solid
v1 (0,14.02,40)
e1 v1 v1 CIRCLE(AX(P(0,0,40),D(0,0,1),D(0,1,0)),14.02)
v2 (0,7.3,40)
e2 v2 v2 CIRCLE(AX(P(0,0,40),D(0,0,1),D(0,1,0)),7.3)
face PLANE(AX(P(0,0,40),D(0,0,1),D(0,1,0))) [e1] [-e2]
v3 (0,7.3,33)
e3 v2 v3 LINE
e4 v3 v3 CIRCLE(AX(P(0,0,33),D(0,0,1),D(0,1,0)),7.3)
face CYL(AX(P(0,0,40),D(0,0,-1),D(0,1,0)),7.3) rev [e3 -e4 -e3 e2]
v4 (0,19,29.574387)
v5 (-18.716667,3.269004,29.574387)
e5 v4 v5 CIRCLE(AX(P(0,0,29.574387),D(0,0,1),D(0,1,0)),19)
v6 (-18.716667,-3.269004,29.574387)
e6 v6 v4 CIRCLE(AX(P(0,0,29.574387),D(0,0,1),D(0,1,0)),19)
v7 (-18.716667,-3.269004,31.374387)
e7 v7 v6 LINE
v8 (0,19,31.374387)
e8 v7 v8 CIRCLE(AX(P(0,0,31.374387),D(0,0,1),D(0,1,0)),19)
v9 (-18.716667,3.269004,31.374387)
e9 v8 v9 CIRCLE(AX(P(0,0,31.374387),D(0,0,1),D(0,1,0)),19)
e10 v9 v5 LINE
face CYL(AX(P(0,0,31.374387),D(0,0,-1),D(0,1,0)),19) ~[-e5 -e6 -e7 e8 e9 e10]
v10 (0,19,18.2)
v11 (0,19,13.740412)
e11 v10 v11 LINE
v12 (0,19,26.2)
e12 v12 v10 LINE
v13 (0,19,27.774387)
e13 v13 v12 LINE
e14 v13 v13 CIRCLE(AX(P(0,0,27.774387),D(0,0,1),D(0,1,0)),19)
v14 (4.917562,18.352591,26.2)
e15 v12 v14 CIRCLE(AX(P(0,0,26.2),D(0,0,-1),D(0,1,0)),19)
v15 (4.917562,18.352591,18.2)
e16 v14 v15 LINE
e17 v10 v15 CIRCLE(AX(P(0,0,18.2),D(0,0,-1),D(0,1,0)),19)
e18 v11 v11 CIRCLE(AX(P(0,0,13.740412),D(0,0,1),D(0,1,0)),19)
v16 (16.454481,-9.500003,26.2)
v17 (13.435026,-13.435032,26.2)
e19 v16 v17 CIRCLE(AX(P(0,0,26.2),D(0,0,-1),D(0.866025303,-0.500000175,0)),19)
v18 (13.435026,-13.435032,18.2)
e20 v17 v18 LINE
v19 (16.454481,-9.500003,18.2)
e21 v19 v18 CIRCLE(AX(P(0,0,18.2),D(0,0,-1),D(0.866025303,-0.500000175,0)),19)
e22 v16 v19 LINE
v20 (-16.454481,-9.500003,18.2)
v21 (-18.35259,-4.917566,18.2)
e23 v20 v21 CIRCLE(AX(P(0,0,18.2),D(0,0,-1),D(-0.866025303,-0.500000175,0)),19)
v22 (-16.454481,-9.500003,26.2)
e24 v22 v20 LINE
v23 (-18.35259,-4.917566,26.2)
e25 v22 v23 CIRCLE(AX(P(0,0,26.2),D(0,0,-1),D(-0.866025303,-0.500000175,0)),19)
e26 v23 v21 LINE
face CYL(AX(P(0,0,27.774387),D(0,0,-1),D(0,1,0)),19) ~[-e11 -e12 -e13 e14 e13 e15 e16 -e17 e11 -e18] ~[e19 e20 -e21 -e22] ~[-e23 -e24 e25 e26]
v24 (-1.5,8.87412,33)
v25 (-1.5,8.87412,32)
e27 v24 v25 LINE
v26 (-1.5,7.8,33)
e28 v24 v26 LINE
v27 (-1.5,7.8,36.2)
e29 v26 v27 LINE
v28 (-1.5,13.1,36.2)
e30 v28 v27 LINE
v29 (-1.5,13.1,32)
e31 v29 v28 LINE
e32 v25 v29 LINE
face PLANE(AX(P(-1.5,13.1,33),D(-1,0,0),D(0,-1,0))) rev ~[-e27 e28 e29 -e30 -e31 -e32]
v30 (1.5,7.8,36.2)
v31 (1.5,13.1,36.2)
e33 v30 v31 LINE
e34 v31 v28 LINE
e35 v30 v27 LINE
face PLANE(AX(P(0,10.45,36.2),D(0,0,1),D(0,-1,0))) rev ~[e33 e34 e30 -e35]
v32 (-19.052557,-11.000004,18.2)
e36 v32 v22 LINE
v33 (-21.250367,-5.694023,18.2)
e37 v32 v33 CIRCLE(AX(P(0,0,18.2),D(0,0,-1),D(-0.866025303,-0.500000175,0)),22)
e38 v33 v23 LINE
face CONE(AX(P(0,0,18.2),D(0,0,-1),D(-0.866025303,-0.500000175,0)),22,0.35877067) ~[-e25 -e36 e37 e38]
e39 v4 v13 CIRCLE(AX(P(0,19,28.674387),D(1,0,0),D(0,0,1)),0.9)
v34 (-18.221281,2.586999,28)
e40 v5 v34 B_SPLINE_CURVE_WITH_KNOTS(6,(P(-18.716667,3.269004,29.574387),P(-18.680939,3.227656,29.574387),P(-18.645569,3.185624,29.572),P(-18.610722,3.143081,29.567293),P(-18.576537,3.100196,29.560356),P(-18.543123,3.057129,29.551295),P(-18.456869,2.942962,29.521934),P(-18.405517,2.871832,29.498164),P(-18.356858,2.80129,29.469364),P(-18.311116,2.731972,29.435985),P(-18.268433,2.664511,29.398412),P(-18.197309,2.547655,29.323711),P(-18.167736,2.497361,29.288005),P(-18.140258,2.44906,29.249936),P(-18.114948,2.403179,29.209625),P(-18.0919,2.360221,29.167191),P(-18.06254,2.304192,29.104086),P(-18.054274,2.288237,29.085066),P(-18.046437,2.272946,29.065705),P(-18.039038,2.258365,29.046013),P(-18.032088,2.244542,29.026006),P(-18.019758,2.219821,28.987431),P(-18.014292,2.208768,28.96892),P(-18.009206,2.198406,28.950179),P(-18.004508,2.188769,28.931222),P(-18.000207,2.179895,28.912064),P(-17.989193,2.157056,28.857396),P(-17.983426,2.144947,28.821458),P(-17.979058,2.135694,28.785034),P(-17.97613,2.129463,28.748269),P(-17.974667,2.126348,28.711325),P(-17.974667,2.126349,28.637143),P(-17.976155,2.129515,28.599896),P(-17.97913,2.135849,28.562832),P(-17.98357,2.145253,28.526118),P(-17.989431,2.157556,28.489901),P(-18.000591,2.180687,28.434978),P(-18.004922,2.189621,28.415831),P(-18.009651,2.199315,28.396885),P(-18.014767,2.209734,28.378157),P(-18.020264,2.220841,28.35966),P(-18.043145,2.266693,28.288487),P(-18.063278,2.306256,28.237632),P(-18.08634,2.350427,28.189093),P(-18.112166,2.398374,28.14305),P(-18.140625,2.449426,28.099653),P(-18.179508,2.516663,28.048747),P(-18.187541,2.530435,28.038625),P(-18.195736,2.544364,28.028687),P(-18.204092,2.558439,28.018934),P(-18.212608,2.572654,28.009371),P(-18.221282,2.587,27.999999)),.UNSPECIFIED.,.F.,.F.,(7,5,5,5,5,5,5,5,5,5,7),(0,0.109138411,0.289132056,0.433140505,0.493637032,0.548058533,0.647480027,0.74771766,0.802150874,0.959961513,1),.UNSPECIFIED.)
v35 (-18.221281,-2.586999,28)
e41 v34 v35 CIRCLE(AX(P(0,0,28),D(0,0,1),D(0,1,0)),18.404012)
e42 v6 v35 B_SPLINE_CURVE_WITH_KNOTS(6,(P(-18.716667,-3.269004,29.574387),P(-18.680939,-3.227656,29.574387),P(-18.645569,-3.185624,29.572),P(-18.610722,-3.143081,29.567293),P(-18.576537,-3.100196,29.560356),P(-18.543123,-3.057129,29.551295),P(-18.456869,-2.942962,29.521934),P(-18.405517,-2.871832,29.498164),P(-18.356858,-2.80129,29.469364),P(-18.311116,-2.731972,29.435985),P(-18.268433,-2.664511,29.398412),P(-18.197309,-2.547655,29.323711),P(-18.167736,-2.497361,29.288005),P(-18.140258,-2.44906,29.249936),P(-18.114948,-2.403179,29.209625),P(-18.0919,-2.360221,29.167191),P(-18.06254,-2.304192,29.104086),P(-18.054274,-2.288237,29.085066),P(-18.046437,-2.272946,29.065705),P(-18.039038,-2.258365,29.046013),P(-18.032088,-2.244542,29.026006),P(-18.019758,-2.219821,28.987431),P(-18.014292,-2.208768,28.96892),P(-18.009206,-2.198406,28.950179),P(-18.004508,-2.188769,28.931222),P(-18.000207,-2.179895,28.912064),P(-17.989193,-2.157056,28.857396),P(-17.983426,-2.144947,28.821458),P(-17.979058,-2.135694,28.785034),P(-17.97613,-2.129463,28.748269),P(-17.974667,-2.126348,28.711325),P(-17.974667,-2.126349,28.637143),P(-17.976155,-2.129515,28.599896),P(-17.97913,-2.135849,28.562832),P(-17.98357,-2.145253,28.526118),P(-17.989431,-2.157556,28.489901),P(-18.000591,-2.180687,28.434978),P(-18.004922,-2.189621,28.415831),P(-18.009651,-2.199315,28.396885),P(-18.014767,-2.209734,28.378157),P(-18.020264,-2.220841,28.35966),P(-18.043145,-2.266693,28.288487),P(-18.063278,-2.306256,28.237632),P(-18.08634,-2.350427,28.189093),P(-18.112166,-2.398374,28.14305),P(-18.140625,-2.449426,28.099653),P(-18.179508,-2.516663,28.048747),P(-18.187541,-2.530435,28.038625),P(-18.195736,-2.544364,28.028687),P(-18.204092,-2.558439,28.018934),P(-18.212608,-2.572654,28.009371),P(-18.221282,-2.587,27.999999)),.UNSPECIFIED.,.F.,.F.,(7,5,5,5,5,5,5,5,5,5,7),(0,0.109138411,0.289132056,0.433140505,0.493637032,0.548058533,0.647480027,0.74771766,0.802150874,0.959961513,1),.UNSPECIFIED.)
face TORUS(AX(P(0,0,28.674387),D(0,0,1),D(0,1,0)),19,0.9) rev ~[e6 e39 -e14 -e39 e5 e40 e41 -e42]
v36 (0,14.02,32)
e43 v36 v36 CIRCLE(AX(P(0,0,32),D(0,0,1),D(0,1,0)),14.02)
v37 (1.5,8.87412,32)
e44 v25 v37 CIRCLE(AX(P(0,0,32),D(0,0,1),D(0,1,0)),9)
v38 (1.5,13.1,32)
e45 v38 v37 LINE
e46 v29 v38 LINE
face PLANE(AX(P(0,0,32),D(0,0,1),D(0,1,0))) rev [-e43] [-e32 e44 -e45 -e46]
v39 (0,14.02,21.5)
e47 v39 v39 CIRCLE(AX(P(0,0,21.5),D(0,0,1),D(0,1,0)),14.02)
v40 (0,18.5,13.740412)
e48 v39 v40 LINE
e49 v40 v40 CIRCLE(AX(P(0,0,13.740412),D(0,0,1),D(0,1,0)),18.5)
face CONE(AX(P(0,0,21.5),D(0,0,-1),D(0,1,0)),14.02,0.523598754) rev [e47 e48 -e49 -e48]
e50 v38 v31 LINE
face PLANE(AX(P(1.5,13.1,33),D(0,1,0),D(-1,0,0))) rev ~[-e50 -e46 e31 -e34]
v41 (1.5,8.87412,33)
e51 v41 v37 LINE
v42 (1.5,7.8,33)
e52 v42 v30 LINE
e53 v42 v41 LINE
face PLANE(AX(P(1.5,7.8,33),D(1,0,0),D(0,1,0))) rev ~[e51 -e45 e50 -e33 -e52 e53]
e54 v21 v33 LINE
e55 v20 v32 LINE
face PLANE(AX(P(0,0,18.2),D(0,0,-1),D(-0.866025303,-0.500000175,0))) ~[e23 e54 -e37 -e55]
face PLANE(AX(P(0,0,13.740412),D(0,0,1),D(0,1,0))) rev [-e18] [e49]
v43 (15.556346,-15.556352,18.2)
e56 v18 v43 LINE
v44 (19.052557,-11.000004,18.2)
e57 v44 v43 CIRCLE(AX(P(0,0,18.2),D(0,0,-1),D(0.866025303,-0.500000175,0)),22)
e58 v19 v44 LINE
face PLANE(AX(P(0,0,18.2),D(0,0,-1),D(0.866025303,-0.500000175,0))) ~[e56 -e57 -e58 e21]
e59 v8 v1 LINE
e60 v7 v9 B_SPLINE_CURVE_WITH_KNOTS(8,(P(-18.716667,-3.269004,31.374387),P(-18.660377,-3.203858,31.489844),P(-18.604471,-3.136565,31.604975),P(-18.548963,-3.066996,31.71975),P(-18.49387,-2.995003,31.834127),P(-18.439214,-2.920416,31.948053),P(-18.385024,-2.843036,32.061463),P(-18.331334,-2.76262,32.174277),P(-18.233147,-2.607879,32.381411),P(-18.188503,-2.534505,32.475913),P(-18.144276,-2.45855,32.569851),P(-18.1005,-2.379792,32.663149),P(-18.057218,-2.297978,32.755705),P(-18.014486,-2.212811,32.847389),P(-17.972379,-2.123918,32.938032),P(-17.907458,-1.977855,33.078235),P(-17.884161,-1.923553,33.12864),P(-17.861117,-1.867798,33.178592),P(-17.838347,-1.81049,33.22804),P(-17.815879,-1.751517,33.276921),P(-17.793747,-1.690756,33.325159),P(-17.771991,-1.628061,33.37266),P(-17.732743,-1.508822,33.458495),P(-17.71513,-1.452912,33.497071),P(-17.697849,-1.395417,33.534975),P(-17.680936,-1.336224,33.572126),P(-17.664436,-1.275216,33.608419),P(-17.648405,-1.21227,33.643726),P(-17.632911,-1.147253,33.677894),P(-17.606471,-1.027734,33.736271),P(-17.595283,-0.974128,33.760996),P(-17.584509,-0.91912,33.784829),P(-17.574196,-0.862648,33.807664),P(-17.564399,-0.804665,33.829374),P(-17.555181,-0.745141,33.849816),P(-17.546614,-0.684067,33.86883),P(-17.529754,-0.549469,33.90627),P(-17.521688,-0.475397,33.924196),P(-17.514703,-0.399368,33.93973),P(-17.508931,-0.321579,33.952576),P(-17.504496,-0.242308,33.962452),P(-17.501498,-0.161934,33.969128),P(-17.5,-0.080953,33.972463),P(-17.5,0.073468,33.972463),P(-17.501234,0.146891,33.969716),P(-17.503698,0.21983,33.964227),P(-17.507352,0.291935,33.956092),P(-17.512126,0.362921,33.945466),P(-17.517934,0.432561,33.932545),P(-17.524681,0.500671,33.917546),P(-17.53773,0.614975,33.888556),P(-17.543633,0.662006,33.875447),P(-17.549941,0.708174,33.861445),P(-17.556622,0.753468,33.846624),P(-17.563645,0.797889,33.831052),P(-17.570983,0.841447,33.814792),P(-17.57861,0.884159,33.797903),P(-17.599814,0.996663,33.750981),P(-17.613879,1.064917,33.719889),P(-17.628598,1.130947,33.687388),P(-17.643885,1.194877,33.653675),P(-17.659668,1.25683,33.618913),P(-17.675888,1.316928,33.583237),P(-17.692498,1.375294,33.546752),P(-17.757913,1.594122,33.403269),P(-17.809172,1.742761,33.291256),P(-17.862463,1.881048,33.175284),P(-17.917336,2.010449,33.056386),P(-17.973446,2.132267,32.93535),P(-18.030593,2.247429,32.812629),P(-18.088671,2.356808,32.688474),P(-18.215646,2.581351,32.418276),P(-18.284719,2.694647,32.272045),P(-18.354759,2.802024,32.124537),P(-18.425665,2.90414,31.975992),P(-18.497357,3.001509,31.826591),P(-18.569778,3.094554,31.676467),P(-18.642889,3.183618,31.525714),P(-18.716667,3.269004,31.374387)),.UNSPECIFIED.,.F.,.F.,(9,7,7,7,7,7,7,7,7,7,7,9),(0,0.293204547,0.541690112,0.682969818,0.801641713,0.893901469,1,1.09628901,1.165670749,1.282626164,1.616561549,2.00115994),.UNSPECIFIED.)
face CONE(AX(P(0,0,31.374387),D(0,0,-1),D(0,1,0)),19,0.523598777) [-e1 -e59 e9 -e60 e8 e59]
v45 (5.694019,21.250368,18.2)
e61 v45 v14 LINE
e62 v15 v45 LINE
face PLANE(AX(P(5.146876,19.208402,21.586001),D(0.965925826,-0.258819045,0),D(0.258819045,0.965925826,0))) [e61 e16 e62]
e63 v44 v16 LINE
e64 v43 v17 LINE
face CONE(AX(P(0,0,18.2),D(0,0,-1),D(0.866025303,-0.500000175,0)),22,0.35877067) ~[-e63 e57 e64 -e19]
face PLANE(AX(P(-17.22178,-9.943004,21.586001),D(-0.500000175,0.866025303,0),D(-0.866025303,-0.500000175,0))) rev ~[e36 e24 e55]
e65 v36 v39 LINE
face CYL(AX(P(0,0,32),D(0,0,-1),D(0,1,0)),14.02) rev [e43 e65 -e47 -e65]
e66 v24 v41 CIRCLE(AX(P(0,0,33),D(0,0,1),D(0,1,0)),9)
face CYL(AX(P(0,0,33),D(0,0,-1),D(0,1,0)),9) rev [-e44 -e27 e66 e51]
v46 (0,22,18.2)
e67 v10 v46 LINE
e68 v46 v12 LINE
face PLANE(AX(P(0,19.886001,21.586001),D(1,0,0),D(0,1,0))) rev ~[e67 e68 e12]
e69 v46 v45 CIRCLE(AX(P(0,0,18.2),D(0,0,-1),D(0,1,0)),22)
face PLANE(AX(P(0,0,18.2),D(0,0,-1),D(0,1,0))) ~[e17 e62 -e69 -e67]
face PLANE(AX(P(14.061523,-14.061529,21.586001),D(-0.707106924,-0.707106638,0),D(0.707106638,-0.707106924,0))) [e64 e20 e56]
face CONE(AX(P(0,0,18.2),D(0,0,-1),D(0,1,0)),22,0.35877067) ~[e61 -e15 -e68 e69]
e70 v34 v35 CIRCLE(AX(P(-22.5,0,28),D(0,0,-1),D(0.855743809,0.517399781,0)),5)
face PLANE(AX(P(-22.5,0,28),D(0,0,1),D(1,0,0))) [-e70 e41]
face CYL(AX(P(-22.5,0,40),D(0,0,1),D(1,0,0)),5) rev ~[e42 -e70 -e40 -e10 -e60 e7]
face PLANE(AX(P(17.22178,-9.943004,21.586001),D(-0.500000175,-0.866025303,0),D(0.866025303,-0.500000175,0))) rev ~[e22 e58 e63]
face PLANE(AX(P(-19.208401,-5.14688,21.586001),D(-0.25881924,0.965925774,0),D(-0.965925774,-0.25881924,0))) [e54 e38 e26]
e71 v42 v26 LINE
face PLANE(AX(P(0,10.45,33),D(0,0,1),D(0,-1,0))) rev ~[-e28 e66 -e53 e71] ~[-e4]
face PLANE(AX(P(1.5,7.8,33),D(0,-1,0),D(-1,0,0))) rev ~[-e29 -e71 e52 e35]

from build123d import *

# Parameters (mm, degrees)
REVOLUTION012_ANGLE = -15
REVOLUTION013_ANGLE = -15
REVOLUTION014_ANGLE = -15
POCKET_DEPTH        = 5
POCKET_DEPTH_BACK   = 3.2
SKETCH139_R         = 5
POCKET046_DEPTH     = 12


with BuildPart() as part:
    # Sketch031 → Revolution010 (revolve)
    with BuildSketch(Plane.YZ):
        with BuildLine():
            Line((14.02, -8), (14.02, -18.5))
            Line((14.02, -18.5), (18.5, -26.259588))
            Line((18.5, -26.259588), (19, -26.259588))
            Line((19, -12.225613), (19, -26.259588))
            ThreePointArc((19, -10.425613), (18.1, -11.325613), (19, -12.225613))
            Line((19, -8.625613), (19, -10.425613))
            Line((19, -8.625613), (14.02, 0))
            Line((14.02, 0), (7.3, 0))
            Line((7.3, 0), (7.3, -7))
            Line((7.3, -7), (9, -7))
            Line((9, -7), (9, -8))
            Line((9, -8), (14.02, -8))
        make_face()
    revolve(axis=Axis((0, 0, 0), (0, 0, 1)))

    # Sketch036 → Revolution012 (revolve)
    with BuildSketch(Plane.YZ):
        Polygon((19, -13.8), (19, -21.8), (22, -21.8), align=None)
    revolve(axis=Axis((0, 0, 0), (0, 0, 1)), revolution_arc=REVOLUTION012_ANGLE)

    # Sketch037 (on DatumPlane) → Revolution013 (revolve)
    with BuildSketch(Plane(origin=(0, 0, 0), x_dir=(-0.866025, -0.5, 0), z_dir=(-0.5, 0.866025, 0))):
        Polygon((19, -13.8), (19, -21.8), (22, -21.8), align=None)
    revolve(axis=Axis((0, 0, 0), (0, 0, 1)), revolution_arc=REVOLUTION013_ANGLE)

    # Sketch038 (on DatumPlane) → Revolution014 (revolve)
    with BuildSketch(Plane(origin=(0, 0, 0), x_dir=(0.866025, -0.5, 0), z_dir=(-0.5, -0.866025, 0))):
        Polygon((19, -13.8), (19, -21.8), (22, -21.8), align=None)
    revolve(axis=Axis((0, 0, 0), (0, 0, 1)), revolution_arc=REVOLUTION014_ANGLE)

    # Sketch062 (on Face24 of Revolution014) → Pocket (cut, two sides)
    with BuildSketch(Plane.YX.offset(7)) as pocket_sk:
        Polygon((7.8, 0), (7.8, 1.5), (13.1, 1.5), (13.1, -1.5), (7.8, -1.5), align=None)
    extrude(amount=POCKET_DEPTH, mode=Mode.SUBTRACT)
    extrude(pocket_sk.sketch, amount=-POCKET_DEPTH_BACK, mode=Mode.SUBTRACT)

    # Sketch139 → Pocket046 (cut)
    with BuildSketch(Plane.XY):
        with Locations((-22.5, 0)):
            Circle(SKETCH139_R)
    extrude(amount=-POCKET046_DEPTH, mode=Mode.SUBTRACT)


with BuildPart() as part_1:
    # Body008 placement: moved
    add(part.part.moved(Location((0, 0, 40))))


solid = part_1.part
